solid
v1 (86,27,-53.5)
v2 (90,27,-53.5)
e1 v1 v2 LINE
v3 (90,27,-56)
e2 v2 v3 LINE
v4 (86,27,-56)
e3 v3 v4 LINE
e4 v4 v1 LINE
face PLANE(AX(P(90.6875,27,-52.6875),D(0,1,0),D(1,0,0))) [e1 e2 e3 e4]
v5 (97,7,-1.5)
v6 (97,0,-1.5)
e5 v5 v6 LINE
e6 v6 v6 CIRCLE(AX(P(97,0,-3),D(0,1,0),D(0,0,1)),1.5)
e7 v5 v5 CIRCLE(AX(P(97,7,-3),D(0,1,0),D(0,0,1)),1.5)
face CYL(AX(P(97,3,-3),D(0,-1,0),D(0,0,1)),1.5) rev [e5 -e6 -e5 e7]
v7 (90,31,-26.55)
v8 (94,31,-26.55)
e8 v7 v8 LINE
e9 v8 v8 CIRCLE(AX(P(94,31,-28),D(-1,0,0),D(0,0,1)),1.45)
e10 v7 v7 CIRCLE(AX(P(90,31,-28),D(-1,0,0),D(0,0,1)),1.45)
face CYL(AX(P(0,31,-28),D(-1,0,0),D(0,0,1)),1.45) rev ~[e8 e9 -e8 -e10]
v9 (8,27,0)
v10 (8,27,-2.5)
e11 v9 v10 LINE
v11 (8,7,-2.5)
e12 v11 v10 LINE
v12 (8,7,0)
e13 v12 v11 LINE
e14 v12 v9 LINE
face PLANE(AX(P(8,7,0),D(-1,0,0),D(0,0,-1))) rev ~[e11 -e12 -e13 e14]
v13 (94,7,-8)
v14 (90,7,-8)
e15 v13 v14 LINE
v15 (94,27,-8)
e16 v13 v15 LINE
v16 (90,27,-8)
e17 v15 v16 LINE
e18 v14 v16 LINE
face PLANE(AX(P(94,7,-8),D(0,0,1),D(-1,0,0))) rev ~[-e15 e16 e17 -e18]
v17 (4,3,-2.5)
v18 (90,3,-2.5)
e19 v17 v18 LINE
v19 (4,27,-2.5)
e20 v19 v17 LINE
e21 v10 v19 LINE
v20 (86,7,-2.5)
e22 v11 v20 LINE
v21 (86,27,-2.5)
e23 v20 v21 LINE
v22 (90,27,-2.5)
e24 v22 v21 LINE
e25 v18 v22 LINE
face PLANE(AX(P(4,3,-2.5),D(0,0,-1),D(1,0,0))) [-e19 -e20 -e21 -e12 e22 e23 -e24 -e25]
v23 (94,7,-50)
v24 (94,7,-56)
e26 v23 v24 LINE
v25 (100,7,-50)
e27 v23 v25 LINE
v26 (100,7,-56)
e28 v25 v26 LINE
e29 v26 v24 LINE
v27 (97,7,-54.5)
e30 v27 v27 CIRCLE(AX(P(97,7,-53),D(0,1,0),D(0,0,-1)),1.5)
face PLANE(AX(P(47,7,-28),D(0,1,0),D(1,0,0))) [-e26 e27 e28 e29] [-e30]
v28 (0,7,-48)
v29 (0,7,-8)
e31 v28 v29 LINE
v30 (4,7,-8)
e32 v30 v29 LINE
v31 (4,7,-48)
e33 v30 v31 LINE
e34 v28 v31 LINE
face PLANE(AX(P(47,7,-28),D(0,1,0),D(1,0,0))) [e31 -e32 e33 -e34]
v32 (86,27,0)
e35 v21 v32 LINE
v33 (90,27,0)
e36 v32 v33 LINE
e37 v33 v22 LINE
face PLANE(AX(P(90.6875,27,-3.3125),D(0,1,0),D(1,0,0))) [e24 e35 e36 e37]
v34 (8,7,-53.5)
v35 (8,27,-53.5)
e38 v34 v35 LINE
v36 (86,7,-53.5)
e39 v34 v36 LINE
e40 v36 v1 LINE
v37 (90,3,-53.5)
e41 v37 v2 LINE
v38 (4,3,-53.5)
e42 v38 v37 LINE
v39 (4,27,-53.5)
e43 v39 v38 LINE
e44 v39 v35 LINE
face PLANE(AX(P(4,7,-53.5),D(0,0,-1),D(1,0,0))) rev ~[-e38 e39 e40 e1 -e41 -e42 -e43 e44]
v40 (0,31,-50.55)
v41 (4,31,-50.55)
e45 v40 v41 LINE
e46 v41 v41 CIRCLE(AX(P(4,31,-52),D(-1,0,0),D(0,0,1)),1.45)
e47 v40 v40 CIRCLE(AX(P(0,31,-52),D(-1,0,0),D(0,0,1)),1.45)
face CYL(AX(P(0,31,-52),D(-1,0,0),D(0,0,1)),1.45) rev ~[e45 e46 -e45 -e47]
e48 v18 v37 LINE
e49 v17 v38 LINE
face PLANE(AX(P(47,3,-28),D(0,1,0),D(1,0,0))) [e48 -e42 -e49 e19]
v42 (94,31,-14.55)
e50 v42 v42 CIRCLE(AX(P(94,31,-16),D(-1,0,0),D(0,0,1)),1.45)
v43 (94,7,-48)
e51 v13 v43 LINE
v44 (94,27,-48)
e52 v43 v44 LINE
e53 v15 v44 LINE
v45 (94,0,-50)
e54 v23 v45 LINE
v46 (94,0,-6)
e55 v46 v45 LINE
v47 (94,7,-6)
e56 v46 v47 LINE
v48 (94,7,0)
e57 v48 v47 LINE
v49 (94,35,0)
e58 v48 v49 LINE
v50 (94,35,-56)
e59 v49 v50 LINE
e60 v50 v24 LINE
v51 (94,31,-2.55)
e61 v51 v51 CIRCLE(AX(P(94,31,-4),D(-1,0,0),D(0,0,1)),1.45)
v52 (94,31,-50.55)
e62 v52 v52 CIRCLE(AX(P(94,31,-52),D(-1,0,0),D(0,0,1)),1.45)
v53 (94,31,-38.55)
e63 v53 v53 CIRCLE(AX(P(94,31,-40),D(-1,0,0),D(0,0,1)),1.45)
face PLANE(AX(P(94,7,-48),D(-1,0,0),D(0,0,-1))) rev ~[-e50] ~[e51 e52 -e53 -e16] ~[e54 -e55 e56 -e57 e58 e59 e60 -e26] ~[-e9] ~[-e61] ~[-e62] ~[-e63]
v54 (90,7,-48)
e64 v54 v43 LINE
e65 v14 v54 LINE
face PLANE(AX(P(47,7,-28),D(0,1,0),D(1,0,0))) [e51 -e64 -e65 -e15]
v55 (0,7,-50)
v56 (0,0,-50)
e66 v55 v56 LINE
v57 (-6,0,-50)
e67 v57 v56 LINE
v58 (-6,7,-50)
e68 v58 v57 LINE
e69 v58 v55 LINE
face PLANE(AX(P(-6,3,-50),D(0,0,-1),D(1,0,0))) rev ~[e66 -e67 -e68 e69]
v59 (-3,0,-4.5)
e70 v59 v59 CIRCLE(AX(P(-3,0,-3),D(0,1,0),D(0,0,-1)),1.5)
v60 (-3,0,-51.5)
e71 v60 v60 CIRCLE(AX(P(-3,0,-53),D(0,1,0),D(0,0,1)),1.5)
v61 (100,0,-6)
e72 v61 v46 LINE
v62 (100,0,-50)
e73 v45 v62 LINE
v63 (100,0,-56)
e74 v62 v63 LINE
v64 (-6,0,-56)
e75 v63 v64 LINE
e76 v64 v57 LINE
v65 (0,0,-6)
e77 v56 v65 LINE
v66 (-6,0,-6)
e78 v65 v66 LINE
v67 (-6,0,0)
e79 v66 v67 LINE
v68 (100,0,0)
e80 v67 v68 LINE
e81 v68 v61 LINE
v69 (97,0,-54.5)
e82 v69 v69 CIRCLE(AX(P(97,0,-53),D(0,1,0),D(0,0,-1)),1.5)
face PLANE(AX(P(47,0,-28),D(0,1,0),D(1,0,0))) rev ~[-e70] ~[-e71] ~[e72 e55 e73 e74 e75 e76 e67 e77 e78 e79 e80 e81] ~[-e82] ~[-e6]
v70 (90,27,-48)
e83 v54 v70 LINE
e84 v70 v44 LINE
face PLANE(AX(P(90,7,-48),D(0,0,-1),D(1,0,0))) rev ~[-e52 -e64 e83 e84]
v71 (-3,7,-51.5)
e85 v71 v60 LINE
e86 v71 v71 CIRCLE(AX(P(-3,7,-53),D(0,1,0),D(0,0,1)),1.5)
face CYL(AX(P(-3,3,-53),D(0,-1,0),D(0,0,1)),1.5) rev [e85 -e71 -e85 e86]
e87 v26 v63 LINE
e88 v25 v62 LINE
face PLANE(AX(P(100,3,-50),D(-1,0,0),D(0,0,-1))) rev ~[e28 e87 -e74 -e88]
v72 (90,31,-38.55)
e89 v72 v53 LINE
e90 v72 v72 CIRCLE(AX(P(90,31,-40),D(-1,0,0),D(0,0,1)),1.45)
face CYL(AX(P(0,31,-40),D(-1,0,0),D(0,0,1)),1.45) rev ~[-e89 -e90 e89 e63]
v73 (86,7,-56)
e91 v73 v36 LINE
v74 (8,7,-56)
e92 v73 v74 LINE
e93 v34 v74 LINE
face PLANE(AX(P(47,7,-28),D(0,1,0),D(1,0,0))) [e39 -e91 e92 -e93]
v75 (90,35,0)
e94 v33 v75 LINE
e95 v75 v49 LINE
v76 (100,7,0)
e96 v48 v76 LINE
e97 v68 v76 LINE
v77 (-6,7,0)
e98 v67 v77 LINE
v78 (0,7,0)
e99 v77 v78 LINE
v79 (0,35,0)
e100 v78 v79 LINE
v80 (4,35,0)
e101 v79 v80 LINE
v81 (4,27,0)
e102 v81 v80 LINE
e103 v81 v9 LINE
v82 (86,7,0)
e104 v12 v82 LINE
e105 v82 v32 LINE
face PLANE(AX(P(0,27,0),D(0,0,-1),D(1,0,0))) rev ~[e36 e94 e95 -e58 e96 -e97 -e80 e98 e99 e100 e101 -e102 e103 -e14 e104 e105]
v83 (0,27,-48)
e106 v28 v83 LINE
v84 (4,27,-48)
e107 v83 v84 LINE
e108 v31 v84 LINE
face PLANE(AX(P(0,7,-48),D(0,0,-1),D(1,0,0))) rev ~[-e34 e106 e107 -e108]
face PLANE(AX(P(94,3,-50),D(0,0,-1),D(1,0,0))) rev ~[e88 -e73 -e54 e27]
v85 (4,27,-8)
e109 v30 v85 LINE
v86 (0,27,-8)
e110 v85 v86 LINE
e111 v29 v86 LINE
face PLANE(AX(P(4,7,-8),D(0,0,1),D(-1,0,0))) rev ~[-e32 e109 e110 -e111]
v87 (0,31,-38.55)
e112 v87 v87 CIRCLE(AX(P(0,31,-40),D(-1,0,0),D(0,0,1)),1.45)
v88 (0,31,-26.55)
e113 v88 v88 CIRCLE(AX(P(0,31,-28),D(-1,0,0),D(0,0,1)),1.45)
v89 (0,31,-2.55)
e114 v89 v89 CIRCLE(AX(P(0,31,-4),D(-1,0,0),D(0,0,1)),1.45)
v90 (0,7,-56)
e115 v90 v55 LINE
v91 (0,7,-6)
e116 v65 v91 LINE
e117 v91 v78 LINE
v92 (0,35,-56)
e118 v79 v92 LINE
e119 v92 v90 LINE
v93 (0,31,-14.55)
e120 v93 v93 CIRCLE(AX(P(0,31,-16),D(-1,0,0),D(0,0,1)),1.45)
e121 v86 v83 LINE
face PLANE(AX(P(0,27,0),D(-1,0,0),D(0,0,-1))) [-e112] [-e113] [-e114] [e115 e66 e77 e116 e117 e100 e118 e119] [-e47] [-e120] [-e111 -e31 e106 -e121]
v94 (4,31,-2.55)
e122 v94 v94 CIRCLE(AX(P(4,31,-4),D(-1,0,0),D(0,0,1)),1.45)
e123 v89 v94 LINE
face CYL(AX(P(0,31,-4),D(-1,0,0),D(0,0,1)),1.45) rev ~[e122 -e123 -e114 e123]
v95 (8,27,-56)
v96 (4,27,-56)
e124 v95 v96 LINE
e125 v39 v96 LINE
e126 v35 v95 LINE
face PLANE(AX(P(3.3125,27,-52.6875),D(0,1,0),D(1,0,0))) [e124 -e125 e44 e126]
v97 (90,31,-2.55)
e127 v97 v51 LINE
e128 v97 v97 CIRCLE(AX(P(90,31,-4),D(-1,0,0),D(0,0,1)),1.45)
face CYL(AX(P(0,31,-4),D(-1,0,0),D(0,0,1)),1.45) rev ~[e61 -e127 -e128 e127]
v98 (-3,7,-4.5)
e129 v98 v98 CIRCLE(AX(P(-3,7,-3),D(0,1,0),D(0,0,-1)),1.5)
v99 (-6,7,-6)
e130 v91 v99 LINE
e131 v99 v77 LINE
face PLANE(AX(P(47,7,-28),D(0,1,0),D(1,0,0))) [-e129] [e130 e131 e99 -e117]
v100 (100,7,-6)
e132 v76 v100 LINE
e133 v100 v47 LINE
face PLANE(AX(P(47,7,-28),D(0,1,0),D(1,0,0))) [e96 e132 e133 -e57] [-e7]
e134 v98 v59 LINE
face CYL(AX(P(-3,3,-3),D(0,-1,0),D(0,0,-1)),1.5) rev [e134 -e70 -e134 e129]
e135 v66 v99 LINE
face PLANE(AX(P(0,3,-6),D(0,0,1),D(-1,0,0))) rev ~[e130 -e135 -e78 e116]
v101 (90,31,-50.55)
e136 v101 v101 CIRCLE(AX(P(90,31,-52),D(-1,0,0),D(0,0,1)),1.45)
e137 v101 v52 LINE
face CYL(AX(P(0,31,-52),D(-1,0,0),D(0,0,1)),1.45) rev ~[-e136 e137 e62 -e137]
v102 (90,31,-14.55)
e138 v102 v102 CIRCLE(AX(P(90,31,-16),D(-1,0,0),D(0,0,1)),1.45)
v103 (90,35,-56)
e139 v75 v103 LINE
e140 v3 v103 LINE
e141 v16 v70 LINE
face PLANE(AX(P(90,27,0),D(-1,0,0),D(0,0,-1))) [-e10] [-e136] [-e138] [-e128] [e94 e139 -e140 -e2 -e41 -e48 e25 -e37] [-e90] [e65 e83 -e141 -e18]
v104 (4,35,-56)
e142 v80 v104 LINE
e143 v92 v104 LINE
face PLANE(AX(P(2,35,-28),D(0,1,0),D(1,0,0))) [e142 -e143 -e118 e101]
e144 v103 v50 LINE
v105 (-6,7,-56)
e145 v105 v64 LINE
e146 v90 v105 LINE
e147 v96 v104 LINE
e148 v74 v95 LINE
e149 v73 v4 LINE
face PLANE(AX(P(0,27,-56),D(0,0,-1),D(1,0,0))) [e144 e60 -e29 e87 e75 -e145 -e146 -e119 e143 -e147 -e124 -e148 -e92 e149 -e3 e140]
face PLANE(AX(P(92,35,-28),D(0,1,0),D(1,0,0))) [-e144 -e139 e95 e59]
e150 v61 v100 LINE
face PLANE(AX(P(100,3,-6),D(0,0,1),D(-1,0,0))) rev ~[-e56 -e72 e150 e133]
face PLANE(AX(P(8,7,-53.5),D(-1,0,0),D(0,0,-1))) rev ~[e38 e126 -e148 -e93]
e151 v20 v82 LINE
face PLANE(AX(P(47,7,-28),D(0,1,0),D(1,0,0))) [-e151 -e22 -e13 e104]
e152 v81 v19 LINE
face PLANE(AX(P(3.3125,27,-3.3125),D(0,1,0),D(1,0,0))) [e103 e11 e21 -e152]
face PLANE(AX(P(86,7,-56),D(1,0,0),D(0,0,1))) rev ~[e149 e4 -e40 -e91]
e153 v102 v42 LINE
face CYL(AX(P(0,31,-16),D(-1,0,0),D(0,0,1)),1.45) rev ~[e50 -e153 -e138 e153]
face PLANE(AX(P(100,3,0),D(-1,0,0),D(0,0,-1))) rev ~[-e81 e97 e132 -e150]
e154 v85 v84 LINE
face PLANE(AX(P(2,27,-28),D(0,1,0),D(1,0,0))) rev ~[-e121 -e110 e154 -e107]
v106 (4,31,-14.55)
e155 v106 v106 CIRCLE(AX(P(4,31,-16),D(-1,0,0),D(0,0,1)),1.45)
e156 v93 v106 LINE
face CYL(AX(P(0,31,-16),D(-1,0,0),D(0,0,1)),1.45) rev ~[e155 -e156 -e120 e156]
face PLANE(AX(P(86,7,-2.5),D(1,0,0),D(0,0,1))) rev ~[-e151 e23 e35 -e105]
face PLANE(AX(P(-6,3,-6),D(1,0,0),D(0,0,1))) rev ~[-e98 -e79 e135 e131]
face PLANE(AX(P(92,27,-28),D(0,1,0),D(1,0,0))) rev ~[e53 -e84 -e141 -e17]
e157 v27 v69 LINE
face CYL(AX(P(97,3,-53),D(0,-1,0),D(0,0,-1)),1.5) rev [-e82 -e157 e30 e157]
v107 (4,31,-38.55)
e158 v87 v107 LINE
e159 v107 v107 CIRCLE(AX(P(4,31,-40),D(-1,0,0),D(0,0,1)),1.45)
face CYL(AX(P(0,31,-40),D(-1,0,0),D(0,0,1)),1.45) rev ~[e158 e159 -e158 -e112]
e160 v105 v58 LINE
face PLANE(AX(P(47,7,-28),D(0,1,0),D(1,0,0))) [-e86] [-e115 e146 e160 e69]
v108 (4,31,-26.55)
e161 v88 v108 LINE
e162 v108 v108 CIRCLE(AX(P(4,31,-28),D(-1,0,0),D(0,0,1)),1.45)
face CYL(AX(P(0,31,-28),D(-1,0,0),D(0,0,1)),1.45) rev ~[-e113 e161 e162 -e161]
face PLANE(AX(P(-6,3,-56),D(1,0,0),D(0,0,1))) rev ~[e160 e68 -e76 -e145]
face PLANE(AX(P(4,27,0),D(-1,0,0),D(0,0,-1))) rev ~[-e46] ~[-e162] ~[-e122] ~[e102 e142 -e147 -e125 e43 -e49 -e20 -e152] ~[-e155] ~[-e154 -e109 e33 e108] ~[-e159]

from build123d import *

# Parameters (mm, degrees)
SKETCH1_R           = 1.5
BOSS_EXTRUDE1_DEPTH = 3
SKETCH2_R           = 1.5
SKETCH2_W           = 86
SKETCH2_H           = 51
BOSS_EXTRUDE2_DEPTH = 4
BOSS_EXTRUDE3_DEPTH = 20
SKETCH4_W           = 4
SKETCH4_H           = 56
BOSS_EXTRUDE4_DEPTH = 8
SKETCH5_R           = 1.45
CUT_EXTRUDE1_DEPTH  = 120.837389825


with BuildPart() as part:
    # Sketch1 → Boss-Extrude1 (new body)
    with BuildSketch(Plane(origin=(0, 0, 0), x_dir=(1, 0, 0), z_dir=(0, 1, 0))):
        Polygon((0, 0), (94, 0), (100, 0), (100, 6), (94, 6), (94, 50), (100, 50), (100, 56), (94, 56), (0, 56), (-6, 56), (-6, 50), (0, 50), (0, 6), (-6, 6), (-6, 0), align=None)
        with Locations(Location((-3, 53, 0), (0, 0, 270))):
            Circle(SKETCH1_R, mode=Mode.SUBTRACT)
        with Locations(Location((97, 53, 0), (0, 0, 90))):
            Circle(SKETCH1_R, mode=Mode.SUBTRACT)
        with Locations(Location((97, 3, 0), (0, 0, 270))):
            Circle(SKETCH1_R, mode=Mode.SUBTRACT)
        with Locations(Location((-3, 3, 0), (0, 0, 90))):
            Circle(SKETCH1_R, mode=Mode.SUBTRACT)
    extrude(amount=BOSS_EXTRUDE1_DEPTH)

    # Sketch2 → Boss-Extrude2 (add)
    with BuildSketch(Plane(origin=(0, 3, 0), x_dir=(1, 0, 0), z_dir=(0, 1, 0))):
        Polygon((0, 50), (0, 6), (-6, 6), (-6, 0), (100, 0), (100, 6), (94, 6), (94, 50), (100, 50), (100, 56), (-6, 56), (-6, 50), align=None)
        with Locations(Location((-3, 53, 0), (0, 0, 270))):
            Circle(SKETCH2_R, mode=Mode.SUBTRACT)
        with Locations(Location((97, 53, 0), (0, 0, 90))):
            Circle(SKETCH2_R, mode=Mode.SUBTRACT)
        with Locations(Location((97, 3, 0), (0, 0, 270))):
            Circle(SKETCH2_R, mode=Mode.SUBTRACT)
        with Locations(Location((-3, 3, 0), (0, 0, 90))):
            Circle(SKETCH2_R, mode=Mode.SUBTRACT)
        with Locations((47, 28)):
            Rectangle(SKETCH2_W, SKETCH2_H, mode=Mode.SUBTRACT)
    extrude(amount=BOSS_EXTRUDE2_DEPTH)

    # Sketch3 → Boss-Extrude3 (add)
    with BuildSketch(Plane(origin=(0, 7, 0), x_dir=(1, 0, 0), z_dir=(0, 1, 0))):
        Polygon((8, 56), (0, 56), (0, 48), (4, 48), (4, 53.5), (8, 53.5), align=None)
        Polygon((90, 48), (94, 48), (94, 56), (86, 56), (86, 53.5), (90, 53.5), align=None)
        Polygon((94, 0), (94, 8), (90, 8), (90, 2.5), (86, 2.5), (86, 0), align=None)
        Polygon((4, 8), (0, 8), (0, 0), (8, 0), (8, 2.5), (4, 2.5), align=None)
    extrude(amount=BOSS_EXTRUDE3_DEPTH)

    # Sketch4 → Boss-Extrude4 (add)
    with BuildSketch(Plane(origin=(0, 27, 0), x_dir=(1, 0, 0), z_dir=(0, 1, 0))):
        with Locations((2, 28)):
            Rectangle(SKETCH4_W, SKETCH4_H)
        with Locations((92, 28)):
            Rectangle(SKETCH4_W, SKETCH4_H)
    extrude(amount=BOSS_EXTRUDE4_DEPTH)

    # Sketch5 → Cut-Extrude1 (cut, through all)
    with BuildSketch(Plane.ZY):
        with Locations((-52, 31)):
            Circle(SKETCH5_R)
        with Locations((-40, 31)):
            Circle(SKETCH5_R)
        with Locations((-28, 31)):
            Circle(SKETCH5_R)
        with Locations((-16, 31)):
            Circle(SKETCH5_R)
        with Locations((-4, 31)):
            Circle(SKETCH5_R)
    extrude(amount=-CUT_EXTRUDE1_DEPTH, mode=Mode.SUBTRACT)


solid = part.part
